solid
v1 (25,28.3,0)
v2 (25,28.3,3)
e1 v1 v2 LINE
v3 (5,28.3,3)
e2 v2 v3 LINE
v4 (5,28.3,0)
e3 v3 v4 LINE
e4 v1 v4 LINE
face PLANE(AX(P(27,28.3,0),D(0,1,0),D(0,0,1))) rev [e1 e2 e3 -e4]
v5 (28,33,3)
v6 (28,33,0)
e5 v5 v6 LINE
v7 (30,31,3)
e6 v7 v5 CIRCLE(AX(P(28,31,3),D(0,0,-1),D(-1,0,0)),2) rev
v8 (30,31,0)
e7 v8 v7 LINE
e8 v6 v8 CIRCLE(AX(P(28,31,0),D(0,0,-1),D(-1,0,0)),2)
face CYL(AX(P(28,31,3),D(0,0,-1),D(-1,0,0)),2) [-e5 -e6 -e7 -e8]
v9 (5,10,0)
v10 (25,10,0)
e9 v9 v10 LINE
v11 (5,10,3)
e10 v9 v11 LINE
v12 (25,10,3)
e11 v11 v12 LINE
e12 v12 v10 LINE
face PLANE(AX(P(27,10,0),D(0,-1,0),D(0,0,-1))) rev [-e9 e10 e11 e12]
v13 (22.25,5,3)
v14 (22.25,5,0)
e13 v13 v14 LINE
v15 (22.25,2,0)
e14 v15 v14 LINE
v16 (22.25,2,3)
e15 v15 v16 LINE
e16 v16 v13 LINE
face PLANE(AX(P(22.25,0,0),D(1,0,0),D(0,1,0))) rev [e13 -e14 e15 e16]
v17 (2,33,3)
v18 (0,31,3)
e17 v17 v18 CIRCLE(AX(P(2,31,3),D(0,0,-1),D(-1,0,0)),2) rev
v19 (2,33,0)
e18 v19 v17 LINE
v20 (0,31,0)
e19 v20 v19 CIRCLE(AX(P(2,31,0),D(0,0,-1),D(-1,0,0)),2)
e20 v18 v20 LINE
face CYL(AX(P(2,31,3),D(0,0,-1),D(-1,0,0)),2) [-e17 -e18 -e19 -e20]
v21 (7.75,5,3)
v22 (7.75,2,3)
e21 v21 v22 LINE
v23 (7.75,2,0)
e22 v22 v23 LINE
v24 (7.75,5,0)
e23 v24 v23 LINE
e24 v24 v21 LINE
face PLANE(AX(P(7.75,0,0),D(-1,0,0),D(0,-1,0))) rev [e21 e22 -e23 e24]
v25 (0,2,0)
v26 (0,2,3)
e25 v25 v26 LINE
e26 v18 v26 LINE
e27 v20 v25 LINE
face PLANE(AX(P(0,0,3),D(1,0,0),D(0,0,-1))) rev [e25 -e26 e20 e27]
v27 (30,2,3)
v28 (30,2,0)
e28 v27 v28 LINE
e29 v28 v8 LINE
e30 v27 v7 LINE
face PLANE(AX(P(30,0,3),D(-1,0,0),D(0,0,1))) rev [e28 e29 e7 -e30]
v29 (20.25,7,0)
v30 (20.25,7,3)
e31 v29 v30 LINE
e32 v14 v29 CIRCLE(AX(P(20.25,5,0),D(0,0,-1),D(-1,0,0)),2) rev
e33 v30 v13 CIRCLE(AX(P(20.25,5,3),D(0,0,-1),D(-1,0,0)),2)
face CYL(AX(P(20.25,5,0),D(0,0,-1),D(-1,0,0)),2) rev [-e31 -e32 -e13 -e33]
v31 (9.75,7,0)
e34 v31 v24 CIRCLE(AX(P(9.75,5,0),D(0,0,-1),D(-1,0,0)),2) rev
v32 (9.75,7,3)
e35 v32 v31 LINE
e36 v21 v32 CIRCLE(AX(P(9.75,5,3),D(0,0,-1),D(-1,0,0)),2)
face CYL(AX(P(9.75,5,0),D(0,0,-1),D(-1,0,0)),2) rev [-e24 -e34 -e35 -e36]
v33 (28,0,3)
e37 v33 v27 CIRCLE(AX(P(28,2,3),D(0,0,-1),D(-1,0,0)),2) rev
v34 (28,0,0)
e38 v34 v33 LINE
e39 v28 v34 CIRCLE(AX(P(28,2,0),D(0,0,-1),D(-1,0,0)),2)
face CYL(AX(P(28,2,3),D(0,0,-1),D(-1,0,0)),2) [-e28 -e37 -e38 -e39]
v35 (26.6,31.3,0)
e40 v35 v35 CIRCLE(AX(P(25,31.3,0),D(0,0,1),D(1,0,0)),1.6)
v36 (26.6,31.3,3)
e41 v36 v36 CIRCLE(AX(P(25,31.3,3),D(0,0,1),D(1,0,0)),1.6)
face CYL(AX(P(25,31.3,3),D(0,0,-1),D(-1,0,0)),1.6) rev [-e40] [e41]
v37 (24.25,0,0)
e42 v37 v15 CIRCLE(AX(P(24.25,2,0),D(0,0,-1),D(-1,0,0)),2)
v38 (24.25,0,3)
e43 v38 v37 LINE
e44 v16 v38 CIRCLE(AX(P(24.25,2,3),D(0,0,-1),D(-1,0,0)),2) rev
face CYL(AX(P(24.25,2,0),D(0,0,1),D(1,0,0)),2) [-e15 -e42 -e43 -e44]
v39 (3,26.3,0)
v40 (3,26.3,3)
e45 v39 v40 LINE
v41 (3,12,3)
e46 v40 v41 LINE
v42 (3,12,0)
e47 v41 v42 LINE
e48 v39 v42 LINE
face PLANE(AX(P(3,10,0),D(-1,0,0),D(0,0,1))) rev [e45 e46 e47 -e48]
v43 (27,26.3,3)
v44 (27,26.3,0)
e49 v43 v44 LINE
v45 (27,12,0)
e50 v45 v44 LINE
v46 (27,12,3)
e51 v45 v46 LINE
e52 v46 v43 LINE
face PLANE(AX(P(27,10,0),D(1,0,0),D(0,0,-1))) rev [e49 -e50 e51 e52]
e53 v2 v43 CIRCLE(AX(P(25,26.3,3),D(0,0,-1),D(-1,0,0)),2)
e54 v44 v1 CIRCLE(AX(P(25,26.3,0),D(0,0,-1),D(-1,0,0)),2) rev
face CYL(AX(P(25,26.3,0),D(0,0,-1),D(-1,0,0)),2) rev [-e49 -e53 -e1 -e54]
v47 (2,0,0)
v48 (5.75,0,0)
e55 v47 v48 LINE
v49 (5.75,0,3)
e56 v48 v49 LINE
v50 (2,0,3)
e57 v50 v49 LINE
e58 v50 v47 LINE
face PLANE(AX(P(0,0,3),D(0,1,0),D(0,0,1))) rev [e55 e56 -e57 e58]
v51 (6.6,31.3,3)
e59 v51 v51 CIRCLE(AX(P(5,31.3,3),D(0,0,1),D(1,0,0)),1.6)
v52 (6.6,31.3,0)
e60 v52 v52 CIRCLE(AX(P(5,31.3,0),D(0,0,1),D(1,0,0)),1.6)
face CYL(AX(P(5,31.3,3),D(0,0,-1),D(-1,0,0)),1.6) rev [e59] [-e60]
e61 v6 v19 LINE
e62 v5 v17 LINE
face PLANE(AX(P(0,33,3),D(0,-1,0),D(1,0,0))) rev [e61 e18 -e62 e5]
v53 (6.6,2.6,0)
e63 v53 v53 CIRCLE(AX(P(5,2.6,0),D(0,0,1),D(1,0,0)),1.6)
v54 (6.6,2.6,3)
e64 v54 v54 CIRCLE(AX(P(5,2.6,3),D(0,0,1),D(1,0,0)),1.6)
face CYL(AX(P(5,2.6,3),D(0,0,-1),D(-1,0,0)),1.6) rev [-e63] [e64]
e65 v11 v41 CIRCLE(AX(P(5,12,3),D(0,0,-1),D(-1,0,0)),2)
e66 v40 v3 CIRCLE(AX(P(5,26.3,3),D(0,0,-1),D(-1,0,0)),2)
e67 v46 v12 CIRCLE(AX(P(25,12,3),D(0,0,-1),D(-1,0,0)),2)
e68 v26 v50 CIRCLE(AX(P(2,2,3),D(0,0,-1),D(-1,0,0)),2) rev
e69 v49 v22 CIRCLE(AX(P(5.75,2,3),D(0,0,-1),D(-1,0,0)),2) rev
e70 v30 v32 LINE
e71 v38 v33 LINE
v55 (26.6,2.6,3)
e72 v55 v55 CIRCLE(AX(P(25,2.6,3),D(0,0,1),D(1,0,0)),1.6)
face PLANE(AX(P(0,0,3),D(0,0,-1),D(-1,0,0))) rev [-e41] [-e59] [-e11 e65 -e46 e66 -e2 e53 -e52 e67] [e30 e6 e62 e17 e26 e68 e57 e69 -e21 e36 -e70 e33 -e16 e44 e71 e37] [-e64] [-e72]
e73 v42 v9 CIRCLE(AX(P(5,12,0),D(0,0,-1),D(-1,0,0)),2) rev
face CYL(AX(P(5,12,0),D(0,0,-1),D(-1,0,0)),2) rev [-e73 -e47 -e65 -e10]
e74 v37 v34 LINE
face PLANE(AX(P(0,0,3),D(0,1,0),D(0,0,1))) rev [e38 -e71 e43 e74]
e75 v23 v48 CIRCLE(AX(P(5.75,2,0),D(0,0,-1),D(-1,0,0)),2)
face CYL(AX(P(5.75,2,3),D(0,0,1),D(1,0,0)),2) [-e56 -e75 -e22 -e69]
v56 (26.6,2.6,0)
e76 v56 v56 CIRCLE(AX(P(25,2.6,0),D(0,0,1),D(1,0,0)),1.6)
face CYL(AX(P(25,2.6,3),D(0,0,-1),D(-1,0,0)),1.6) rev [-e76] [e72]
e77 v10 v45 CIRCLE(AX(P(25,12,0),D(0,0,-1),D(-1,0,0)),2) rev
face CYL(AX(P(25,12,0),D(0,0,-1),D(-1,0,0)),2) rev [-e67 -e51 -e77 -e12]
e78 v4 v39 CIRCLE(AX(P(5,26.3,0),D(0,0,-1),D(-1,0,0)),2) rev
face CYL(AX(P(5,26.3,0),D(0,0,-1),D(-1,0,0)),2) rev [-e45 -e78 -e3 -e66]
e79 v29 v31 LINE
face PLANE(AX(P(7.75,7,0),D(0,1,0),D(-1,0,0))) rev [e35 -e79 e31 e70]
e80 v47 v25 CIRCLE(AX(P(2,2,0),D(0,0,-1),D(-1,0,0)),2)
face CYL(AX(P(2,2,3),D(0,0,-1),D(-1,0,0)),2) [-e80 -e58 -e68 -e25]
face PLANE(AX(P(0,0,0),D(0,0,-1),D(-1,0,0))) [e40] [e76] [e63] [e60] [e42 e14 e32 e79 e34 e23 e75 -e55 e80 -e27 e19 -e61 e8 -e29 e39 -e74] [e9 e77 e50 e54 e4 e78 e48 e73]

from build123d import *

# Parameters (mm, degrees)
SKETCH_1_W          = 30
SKETCH_1_H          = 33
SKETCH_1_R          = 1.6
EXTRUDE_1_DEPTH     = 3
SKETCH_2_W          = 14.5
SKETCH_2_H          = 7
SKETCH_2_W_2        = 24
SKETCH_2_H_2        = 18.3
CUT_EXTRUDE_1_DEPTH = 4
FILLET_1_R          = 2
FILLET_2_R          = 2


with BuildPart() as part:
    # 草图1 → 凸台-拉伸1 (new body)
    with BuildSketch(Plane.XY):
        with Locations((15, 16.5)):
            Rectangle(SKETCH_1_W, SKETCH_1_H)
        with Locations((5, 31.3)):
            Circle(SKETCH_1_R, mode=Mode.SUBTRACT)
        with Locations((25, 31.3)):
            Circle(SKETCH_1_R, mode=Mode.SUBTRACT)
        with Locations((25, 2.6)):
            Circle(SKETCH_1_R, mode=Mode.SUBTRACT)
        with Locations((5, 2.6)):
            Circle(SKETCH_1_R, mode=Mode.SUBTRACT)
    extrude(amount=EXTRUDE_1_DEPTH)

    # 草图2 → 切除-拉伸1 (cut, through all)
    with BuildSketch(Plane.XY.offset(3)):
        with Locations((15, 3.5)):
            Rectangle(SKETCH_2_W, SKETCH_2_H)
        with Locations((15, 19.15)):
            Rectangle(SKETCH_2_W_2, SKETCH_2_H_2)
    extrude(amount=-CUT_EXTRUDE_1_DEPTH, mode=Mode.SUBTRACT)

    # 圆角1
    fillet_1_edges = [part.edges().sort_by_distance(p)[0] for p in [
        (0, 33, 1.5),
        (30, 33, 1.5),
        (30, 0, 1.5),
        (0, 0, 1.5),
    ]]
    fillet(fillet_1_edges, radius=FILLET_1_R)

    # 圆角2
    fillet_2_edges = [part.edges().sort_by_distance(p)[0] for p in [
        (7.75, 0, 1.5),
        (7.75, 7, 1.5),
        (22.25, 7, 1.5),
        (22.25, 0, 1.5),
        (3, 10, 1.5),
        (3, 28.3, 1.5),
        (27, 28.3, 1.5),
        (27, 10, 1.5),
    ]]
    fillet(fillet_2_edges, radius=FILLET_2_R)


solid = part.part
